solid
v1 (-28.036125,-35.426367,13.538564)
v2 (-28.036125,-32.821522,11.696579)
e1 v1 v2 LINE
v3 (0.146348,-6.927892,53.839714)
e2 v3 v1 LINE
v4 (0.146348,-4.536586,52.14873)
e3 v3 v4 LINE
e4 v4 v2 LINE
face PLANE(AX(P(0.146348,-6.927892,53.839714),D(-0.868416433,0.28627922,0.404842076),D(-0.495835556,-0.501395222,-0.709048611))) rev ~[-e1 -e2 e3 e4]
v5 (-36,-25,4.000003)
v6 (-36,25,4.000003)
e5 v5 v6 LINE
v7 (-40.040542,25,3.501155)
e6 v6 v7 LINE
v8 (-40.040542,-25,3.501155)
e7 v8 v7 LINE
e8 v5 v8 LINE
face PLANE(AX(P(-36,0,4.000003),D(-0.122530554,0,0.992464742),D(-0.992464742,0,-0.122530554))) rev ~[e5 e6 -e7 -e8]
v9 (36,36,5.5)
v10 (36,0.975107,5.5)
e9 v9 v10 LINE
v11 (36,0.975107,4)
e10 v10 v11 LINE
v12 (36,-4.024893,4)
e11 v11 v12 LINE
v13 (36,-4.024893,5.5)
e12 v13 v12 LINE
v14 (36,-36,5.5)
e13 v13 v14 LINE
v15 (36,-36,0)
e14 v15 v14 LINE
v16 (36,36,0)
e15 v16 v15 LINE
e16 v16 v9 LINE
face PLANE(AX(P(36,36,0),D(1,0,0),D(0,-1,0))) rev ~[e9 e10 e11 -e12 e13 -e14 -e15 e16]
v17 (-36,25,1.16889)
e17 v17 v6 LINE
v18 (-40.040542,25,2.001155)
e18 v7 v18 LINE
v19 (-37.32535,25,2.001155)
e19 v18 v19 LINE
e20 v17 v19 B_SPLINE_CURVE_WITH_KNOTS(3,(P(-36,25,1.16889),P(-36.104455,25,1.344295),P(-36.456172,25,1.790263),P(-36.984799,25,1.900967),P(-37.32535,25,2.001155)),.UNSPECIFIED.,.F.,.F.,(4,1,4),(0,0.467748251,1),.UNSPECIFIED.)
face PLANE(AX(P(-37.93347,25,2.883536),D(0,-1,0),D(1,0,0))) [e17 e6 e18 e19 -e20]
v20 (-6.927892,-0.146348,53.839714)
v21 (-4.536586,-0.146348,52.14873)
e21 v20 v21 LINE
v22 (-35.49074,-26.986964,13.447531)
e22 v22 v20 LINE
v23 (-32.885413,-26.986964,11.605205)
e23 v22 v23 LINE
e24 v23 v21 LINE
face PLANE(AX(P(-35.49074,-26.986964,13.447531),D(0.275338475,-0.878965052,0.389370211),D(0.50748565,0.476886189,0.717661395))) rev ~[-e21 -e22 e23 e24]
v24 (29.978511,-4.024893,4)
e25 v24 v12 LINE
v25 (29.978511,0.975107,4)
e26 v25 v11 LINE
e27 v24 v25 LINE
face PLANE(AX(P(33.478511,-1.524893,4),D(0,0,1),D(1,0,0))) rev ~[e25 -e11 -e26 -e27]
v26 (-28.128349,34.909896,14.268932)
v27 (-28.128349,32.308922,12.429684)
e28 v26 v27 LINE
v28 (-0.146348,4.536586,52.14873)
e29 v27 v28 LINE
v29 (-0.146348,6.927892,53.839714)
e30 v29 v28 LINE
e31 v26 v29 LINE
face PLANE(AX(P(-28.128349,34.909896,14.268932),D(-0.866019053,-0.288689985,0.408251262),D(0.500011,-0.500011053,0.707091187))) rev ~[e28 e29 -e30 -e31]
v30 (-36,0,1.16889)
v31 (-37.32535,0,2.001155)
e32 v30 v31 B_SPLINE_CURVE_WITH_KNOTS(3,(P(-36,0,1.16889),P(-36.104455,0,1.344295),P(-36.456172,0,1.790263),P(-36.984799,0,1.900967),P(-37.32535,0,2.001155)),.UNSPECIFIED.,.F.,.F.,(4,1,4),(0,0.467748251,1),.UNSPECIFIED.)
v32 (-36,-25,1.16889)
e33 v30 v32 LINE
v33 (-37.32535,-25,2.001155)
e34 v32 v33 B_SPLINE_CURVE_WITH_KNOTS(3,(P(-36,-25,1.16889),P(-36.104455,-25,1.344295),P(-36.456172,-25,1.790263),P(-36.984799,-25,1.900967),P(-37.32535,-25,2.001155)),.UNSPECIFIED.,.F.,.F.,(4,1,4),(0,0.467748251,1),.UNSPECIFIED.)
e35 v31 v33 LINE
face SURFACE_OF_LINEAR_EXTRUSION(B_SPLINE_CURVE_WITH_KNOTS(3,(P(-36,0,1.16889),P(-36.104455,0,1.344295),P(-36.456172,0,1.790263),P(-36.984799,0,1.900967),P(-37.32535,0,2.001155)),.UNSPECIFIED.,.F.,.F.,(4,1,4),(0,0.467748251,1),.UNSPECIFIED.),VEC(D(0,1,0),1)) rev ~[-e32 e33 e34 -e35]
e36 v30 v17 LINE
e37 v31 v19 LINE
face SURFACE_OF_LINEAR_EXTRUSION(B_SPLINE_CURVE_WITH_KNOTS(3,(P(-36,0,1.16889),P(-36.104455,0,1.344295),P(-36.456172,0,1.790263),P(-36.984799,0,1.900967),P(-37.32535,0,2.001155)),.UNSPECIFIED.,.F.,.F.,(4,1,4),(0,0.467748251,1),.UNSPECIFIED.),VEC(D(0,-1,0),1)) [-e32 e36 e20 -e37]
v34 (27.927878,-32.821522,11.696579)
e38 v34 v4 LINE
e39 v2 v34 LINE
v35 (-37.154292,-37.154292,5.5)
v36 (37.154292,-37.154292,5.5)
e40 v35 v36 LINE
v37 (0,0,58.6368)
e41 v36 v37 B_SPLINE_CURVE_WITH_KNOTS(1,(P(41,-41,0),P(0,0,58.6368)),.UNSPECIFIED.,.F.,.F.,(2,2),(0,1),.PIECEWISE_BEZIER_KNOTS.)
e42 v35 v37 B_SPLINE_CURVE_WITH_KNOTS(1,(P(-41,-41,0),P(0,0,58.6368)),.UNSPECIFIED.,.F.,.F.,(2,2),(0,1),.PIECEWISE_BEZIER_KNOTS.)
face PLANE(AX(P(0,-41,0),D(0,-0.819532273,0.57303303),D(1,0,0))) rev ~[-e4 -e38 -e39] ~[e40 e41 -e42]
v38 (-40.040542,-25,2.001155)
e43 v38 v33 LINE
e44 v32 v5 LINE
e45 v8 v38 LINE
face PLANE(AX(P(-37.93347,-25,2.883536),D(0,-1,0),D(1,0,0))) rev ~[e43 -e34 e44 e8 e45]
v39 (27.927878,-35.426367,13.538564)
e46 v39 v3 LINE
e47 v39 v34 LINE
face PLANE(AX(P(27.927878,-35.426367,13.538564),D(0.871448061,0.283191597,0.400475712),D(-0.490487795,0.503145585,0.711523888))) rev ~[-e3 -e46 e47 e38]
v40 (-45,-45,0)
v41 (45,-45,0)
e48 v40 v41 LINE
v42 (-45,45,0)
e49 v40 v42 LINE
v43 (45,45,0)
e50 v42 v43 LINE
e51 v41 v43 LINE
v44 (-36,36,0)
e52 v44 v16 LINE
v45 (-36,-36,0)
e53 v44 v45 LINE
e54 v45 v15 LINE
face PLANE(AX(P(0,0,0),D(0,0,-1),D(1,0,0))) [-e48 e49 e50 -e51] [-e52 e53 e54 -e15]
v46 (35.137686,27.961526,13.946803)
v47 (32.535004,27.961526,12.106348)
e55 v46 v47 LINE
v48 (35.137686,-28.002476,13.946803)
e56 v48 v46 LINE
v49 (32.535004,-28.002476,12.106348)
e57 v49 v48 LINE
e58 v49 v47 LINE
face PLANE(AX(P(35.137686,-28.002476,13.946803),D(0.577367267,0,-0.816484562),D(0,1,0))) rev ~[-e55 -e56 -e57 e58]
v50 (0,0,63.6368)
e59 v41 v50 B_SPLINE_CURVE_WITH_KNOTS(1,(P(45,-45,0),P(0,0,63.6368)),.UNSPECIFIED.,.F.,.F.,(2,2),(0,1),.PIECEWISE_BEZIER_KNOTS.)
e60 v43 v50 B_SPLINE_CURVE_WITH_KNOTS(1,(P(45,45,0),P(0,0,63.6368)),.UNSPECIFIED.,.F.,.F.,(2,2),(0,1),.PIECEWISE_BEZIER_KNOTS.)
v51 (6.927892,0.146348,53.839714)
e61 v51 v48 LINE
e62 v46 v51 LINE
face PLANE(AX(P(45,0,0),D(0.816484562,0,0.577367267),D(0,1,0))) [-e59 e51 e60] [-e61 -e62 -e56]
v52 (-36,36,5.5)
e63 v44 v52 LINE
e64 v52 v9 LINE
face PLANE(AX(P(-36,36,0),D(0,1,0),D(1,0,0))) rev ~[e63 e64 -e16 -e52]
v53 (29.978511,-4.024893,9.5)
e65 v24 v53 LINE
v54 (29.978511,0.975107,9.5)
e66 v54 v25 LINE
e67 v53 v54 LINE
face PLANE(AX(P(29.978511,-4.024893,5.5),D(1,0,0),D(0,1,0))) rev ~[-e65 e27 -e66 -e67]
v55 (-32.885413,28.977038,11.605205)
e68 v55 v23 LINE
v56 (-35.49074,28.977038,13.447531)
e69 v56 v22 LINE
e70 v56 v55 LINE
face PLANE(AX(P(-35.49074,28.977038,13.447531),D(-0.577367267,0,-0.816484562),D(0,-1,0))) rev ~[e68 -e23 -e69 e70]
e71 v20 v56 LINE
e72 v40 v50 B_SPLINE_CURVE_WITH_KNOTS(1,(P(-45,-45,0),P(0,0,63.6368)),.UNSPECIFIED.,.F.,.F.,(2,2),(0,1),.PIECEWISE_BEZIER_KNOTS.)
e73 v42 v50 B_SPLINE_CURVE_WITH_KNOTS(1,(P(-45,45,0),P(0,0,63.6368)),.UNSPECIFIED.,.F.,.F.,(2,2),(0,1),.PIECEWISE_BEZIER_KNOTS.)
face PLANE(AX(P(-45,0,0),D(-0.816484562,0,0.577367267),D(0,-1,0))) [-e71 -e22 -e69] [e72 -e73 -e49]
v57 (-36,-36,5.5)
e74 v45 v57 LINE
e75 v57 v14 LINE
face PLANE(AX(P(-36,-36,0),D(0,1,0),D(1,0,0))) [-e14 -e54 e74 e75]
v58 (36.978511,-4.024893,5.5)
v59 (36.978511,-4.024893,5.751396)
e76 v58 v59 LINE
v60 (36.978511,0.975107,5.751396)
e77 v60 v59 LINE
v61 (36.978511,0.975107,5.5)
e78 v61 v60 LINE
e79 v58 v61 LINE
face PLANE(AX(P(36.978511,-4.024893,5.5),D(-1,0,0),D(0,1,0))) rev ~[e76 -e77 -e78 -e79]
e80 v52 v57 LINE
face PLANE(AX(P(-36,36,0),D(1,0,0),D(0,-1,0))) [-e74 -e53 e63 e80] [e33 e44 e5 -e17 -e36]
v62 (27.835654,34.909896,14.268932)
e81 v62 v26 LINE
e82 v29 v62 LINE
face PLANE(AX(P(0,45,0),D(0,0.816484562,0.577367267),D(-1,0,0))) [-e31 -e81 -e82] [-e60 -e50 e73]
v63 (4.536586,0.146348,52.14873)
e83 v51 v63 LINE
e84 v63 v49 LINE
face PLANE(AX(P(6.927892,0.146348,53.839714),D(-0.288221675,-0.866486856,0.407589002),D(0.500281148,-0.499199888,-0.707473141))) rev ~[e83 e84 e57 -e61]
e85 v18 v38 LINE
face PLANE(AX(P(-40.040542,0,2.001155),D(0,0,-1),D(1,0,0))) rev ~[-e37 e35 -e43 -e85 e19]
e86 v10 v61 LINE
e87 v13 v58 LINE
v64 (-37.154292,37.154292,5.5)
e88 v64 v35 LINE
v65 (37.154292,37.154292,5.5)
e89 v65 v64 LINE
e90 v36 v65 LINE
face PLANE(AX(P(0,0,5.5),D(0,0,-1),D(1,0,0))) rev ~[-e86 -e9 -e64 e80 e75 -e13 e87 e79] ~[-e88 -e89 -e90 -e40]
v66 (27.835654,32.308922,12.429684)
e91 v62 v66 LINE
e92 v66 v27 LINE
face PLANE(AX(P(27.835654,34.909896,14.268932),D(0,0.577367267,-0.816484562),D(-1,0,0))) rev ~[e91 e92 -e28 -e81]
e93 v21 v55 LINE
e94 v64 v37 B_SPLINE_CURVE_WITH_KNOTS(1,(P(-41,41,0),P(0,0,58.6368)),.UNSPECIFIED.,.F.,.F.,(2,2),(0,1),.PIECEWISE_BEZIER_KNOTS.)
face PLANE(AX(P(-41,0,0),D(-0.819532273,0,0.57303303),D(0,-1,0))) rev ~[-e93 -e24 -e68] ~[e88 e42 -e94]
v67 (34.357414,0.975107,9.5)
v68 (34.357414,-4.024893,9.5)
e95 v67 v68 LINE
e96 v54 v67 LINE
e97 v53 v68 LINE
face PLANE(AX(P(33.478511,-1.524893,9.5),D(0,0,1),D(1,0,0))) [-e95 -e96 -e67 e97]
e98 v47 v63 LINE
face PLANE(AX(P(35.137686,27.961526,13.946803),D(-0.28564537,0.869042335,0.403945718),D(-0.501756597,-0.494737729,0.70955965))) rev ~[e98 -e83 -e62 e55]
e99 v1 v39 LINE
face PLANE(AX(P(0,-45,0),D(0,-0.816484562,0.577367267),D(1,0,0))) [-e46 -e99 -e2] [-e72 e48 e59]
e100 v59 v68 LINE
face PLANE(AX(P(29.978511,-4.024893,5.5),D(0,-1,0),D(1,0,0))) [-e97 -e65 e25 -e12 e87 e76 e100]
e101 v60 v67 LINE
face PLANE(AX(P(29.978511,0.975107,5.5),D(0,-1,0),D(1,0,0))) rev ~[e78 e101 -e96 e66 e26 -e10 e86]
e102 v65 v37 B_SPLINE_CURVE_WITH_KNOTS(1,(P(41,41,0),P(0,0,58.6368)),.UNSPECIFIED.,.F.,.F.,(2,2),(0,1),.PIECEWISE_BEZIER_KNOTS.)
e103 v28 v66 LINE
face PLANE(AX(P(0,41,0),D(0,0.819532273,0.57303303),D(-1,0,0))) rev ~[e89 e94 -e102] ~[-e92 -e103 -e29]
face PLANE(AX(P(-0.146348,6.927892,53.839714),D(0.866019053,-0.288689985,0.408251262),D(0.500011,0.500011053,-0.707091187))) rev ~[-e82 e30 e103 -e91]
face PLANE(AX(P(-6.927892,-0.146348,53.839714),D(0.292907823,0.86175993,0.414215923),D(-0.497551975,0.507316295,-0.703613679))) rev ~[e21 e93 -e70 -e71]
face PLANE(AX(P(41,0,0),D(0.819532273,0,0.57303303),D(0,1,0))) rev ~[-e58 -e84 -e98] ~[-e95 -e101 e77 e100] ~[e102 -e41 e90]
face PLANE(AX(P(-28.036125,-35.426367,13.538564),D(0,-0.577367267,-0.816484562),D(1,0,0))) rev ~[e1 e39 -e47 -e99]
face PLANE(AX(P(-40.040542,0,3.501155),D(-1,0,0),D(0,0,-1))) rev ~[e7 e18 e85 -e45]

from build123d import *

# Parameters (mm, degrees)
F2_W           = 90
F2_H           = 90
F6_W           = 82
F6_H           = 82
F12_DEPTH      = 5
F13_DEPTH      = 10.1
F14_DEPTH      = 10
F15_DEPTH      = 10
F17_W          = 82
F17_H          = 82
F17_W_2        = 72
F17_H_2        = 72
F18_DEPTH      = 5.5
F20_DEPTH      = 25
F20_DEPTH_BACK = 25
F21_W          = 7
F21_H          = 5
F22_DEPTH      = 4
F22_DEPTH_BACK = 1.5


with BuildPart() as f3:
    # F2 (on Top) → F3 section 0
    with BuildSketch(Plane.XY, mode=Mode.PRIVATE) as f3_s0:
        Rectangle(F2_W, F2_H)
    loft([f3_s0.sketch, Vertex(0, 0, 63.6368)])

    # F6 (on face) → F7 section 0
    with BuildSketch(Plane.XY, mode=Mode.PRIVATE) as f7_s0:
        Rectangle(F6_W, F6_H)
    loft([f7_s0.sketch, Vertex(0, 0, 58.6368)], mode=Mode.SUBTRACT)

    # F8 (on face) → F12 (cut, symmetric)
    with BuildSketch(Plane(origin=(29.9991167733, 0, 21.2135156827), x_dir=(0, 1, 0), z_dir=(0.8164845616, 0, 0.5773672666))):
        Polygon((0.1463476627, 39.9593571873), (-28.0024763197, -8.9000007138), (27.9615262598, -8.9000007138), align=None)
    extrude(amount=F12_DEPTH, both=True, mode=Mode.SUBTRACT)

    # F9 (on face) → F13 (cut)
    with BuildSketch(Plane(origin=(0, 29.9991167733, 21.2135156827), x_dir=(-1, 0, 0), z_dir=(0, 0.8164845616, 0.5773672666))):
        Polygon((0.1463476627, 39.9593571873), (-27.835653627, -8.5054690465), (28.1283489525, -8.5054690465), align=None)
    extrude(amount=-F13_DEPTH, mode=Mode.SUBTRACT)

    # F10 (on face) → F14 (cut)
    with BuildSketch(Plane(origin=(-29.9991167733, 0, 21.2135156827), x_dir=(0, -1, 0), z_dir=(-0.8164845616, 0, 0.5773672666))):
        Polygon((0.1463476627, 39.9593571873), (-28.9770383388, -9.5114903525), (26.9869642407, -9.5114903525), align=None)
    extrude(amount=-F14_DEPTH, mode=Mode.SUBTRACT)

    # F11 (on face) → F15 (cut)
    with BuildSketch(Plane(origin=(0, -29.9991167733, 21.2135156827), x_dir=(1, 0, 0), z_dir=(0, -0.8164845616, 0.5773672666))):
        Polygon((0.1463476627, 39.9593571873), (-28.0361250043, -9.3999961391), (27.9278775752, -9.3999961391), align=None)
    extrude(amount=-F15_DEPTH, mode=Mode.SUBTRACT)

    # F17 (on face) → F18 (join)
    with BuildSketch(Plane(origin=(0, 0, 0), x_dir=(1, 0, 0), z_dir=(0, 0, -1))):
        Rectangle(F17_W, F17_H)
        Rectangle(F17_W_2, F17_H_2, mode=Mode.SUBTRACT)
    extrude(amount=-F18_DEPTH)

    # F19 (on Front) → F20 (cut, two sides)
    with BuildSketch(Plane.XZ) as f20_sk:
        Polygon((-40.0405423343, 3.5011546063), (-40.0405423343, 2.0011546063), (-37.3253502548, 2.0011546063), (-36, 2.0011546063), (-36, 4.0000034512), align=None)
        with BuildLine():
            Line((-36, 2.0011546063), (-37.3253502548, 2.0011546063))
            add(Edge.make_bspline(
                [(-36, 1.16889), (-36.1044551713, 1.344294706), (-36.4561719625, 1.7902625565), (-36.9847986044, 1.9009668548), (-37.3253502548, 2.0011546063)],
                knots=[0, 0, 0, 0, 0.4677482512, 1, 1, 1, 1], degree=3))
            Line((-36, 1.16889), (-36, 2.0011546063))
        make_face()
    extrude(amount=-F20_DEPTH, mode=Mode.SUBTRACT)
    extrude(f20_sk.sketch, amount=F20_DEPTH_BACK, mode=Mode.SUBTRACT)

    # F21 (on face) → F22 (join, two sides)
    with BuildSketch(Plane.XY.offset(5.5)) as f22_sk:
        with Locations((33.4785108268, -1.5248925798)):
            Rectangle(F21_W, F21_H)
    extrude(amount=F22_DEPTH)
    extrude(f22_sk.sketch, amount=-F22_DEPTH_BACK)


solid = f3.part
